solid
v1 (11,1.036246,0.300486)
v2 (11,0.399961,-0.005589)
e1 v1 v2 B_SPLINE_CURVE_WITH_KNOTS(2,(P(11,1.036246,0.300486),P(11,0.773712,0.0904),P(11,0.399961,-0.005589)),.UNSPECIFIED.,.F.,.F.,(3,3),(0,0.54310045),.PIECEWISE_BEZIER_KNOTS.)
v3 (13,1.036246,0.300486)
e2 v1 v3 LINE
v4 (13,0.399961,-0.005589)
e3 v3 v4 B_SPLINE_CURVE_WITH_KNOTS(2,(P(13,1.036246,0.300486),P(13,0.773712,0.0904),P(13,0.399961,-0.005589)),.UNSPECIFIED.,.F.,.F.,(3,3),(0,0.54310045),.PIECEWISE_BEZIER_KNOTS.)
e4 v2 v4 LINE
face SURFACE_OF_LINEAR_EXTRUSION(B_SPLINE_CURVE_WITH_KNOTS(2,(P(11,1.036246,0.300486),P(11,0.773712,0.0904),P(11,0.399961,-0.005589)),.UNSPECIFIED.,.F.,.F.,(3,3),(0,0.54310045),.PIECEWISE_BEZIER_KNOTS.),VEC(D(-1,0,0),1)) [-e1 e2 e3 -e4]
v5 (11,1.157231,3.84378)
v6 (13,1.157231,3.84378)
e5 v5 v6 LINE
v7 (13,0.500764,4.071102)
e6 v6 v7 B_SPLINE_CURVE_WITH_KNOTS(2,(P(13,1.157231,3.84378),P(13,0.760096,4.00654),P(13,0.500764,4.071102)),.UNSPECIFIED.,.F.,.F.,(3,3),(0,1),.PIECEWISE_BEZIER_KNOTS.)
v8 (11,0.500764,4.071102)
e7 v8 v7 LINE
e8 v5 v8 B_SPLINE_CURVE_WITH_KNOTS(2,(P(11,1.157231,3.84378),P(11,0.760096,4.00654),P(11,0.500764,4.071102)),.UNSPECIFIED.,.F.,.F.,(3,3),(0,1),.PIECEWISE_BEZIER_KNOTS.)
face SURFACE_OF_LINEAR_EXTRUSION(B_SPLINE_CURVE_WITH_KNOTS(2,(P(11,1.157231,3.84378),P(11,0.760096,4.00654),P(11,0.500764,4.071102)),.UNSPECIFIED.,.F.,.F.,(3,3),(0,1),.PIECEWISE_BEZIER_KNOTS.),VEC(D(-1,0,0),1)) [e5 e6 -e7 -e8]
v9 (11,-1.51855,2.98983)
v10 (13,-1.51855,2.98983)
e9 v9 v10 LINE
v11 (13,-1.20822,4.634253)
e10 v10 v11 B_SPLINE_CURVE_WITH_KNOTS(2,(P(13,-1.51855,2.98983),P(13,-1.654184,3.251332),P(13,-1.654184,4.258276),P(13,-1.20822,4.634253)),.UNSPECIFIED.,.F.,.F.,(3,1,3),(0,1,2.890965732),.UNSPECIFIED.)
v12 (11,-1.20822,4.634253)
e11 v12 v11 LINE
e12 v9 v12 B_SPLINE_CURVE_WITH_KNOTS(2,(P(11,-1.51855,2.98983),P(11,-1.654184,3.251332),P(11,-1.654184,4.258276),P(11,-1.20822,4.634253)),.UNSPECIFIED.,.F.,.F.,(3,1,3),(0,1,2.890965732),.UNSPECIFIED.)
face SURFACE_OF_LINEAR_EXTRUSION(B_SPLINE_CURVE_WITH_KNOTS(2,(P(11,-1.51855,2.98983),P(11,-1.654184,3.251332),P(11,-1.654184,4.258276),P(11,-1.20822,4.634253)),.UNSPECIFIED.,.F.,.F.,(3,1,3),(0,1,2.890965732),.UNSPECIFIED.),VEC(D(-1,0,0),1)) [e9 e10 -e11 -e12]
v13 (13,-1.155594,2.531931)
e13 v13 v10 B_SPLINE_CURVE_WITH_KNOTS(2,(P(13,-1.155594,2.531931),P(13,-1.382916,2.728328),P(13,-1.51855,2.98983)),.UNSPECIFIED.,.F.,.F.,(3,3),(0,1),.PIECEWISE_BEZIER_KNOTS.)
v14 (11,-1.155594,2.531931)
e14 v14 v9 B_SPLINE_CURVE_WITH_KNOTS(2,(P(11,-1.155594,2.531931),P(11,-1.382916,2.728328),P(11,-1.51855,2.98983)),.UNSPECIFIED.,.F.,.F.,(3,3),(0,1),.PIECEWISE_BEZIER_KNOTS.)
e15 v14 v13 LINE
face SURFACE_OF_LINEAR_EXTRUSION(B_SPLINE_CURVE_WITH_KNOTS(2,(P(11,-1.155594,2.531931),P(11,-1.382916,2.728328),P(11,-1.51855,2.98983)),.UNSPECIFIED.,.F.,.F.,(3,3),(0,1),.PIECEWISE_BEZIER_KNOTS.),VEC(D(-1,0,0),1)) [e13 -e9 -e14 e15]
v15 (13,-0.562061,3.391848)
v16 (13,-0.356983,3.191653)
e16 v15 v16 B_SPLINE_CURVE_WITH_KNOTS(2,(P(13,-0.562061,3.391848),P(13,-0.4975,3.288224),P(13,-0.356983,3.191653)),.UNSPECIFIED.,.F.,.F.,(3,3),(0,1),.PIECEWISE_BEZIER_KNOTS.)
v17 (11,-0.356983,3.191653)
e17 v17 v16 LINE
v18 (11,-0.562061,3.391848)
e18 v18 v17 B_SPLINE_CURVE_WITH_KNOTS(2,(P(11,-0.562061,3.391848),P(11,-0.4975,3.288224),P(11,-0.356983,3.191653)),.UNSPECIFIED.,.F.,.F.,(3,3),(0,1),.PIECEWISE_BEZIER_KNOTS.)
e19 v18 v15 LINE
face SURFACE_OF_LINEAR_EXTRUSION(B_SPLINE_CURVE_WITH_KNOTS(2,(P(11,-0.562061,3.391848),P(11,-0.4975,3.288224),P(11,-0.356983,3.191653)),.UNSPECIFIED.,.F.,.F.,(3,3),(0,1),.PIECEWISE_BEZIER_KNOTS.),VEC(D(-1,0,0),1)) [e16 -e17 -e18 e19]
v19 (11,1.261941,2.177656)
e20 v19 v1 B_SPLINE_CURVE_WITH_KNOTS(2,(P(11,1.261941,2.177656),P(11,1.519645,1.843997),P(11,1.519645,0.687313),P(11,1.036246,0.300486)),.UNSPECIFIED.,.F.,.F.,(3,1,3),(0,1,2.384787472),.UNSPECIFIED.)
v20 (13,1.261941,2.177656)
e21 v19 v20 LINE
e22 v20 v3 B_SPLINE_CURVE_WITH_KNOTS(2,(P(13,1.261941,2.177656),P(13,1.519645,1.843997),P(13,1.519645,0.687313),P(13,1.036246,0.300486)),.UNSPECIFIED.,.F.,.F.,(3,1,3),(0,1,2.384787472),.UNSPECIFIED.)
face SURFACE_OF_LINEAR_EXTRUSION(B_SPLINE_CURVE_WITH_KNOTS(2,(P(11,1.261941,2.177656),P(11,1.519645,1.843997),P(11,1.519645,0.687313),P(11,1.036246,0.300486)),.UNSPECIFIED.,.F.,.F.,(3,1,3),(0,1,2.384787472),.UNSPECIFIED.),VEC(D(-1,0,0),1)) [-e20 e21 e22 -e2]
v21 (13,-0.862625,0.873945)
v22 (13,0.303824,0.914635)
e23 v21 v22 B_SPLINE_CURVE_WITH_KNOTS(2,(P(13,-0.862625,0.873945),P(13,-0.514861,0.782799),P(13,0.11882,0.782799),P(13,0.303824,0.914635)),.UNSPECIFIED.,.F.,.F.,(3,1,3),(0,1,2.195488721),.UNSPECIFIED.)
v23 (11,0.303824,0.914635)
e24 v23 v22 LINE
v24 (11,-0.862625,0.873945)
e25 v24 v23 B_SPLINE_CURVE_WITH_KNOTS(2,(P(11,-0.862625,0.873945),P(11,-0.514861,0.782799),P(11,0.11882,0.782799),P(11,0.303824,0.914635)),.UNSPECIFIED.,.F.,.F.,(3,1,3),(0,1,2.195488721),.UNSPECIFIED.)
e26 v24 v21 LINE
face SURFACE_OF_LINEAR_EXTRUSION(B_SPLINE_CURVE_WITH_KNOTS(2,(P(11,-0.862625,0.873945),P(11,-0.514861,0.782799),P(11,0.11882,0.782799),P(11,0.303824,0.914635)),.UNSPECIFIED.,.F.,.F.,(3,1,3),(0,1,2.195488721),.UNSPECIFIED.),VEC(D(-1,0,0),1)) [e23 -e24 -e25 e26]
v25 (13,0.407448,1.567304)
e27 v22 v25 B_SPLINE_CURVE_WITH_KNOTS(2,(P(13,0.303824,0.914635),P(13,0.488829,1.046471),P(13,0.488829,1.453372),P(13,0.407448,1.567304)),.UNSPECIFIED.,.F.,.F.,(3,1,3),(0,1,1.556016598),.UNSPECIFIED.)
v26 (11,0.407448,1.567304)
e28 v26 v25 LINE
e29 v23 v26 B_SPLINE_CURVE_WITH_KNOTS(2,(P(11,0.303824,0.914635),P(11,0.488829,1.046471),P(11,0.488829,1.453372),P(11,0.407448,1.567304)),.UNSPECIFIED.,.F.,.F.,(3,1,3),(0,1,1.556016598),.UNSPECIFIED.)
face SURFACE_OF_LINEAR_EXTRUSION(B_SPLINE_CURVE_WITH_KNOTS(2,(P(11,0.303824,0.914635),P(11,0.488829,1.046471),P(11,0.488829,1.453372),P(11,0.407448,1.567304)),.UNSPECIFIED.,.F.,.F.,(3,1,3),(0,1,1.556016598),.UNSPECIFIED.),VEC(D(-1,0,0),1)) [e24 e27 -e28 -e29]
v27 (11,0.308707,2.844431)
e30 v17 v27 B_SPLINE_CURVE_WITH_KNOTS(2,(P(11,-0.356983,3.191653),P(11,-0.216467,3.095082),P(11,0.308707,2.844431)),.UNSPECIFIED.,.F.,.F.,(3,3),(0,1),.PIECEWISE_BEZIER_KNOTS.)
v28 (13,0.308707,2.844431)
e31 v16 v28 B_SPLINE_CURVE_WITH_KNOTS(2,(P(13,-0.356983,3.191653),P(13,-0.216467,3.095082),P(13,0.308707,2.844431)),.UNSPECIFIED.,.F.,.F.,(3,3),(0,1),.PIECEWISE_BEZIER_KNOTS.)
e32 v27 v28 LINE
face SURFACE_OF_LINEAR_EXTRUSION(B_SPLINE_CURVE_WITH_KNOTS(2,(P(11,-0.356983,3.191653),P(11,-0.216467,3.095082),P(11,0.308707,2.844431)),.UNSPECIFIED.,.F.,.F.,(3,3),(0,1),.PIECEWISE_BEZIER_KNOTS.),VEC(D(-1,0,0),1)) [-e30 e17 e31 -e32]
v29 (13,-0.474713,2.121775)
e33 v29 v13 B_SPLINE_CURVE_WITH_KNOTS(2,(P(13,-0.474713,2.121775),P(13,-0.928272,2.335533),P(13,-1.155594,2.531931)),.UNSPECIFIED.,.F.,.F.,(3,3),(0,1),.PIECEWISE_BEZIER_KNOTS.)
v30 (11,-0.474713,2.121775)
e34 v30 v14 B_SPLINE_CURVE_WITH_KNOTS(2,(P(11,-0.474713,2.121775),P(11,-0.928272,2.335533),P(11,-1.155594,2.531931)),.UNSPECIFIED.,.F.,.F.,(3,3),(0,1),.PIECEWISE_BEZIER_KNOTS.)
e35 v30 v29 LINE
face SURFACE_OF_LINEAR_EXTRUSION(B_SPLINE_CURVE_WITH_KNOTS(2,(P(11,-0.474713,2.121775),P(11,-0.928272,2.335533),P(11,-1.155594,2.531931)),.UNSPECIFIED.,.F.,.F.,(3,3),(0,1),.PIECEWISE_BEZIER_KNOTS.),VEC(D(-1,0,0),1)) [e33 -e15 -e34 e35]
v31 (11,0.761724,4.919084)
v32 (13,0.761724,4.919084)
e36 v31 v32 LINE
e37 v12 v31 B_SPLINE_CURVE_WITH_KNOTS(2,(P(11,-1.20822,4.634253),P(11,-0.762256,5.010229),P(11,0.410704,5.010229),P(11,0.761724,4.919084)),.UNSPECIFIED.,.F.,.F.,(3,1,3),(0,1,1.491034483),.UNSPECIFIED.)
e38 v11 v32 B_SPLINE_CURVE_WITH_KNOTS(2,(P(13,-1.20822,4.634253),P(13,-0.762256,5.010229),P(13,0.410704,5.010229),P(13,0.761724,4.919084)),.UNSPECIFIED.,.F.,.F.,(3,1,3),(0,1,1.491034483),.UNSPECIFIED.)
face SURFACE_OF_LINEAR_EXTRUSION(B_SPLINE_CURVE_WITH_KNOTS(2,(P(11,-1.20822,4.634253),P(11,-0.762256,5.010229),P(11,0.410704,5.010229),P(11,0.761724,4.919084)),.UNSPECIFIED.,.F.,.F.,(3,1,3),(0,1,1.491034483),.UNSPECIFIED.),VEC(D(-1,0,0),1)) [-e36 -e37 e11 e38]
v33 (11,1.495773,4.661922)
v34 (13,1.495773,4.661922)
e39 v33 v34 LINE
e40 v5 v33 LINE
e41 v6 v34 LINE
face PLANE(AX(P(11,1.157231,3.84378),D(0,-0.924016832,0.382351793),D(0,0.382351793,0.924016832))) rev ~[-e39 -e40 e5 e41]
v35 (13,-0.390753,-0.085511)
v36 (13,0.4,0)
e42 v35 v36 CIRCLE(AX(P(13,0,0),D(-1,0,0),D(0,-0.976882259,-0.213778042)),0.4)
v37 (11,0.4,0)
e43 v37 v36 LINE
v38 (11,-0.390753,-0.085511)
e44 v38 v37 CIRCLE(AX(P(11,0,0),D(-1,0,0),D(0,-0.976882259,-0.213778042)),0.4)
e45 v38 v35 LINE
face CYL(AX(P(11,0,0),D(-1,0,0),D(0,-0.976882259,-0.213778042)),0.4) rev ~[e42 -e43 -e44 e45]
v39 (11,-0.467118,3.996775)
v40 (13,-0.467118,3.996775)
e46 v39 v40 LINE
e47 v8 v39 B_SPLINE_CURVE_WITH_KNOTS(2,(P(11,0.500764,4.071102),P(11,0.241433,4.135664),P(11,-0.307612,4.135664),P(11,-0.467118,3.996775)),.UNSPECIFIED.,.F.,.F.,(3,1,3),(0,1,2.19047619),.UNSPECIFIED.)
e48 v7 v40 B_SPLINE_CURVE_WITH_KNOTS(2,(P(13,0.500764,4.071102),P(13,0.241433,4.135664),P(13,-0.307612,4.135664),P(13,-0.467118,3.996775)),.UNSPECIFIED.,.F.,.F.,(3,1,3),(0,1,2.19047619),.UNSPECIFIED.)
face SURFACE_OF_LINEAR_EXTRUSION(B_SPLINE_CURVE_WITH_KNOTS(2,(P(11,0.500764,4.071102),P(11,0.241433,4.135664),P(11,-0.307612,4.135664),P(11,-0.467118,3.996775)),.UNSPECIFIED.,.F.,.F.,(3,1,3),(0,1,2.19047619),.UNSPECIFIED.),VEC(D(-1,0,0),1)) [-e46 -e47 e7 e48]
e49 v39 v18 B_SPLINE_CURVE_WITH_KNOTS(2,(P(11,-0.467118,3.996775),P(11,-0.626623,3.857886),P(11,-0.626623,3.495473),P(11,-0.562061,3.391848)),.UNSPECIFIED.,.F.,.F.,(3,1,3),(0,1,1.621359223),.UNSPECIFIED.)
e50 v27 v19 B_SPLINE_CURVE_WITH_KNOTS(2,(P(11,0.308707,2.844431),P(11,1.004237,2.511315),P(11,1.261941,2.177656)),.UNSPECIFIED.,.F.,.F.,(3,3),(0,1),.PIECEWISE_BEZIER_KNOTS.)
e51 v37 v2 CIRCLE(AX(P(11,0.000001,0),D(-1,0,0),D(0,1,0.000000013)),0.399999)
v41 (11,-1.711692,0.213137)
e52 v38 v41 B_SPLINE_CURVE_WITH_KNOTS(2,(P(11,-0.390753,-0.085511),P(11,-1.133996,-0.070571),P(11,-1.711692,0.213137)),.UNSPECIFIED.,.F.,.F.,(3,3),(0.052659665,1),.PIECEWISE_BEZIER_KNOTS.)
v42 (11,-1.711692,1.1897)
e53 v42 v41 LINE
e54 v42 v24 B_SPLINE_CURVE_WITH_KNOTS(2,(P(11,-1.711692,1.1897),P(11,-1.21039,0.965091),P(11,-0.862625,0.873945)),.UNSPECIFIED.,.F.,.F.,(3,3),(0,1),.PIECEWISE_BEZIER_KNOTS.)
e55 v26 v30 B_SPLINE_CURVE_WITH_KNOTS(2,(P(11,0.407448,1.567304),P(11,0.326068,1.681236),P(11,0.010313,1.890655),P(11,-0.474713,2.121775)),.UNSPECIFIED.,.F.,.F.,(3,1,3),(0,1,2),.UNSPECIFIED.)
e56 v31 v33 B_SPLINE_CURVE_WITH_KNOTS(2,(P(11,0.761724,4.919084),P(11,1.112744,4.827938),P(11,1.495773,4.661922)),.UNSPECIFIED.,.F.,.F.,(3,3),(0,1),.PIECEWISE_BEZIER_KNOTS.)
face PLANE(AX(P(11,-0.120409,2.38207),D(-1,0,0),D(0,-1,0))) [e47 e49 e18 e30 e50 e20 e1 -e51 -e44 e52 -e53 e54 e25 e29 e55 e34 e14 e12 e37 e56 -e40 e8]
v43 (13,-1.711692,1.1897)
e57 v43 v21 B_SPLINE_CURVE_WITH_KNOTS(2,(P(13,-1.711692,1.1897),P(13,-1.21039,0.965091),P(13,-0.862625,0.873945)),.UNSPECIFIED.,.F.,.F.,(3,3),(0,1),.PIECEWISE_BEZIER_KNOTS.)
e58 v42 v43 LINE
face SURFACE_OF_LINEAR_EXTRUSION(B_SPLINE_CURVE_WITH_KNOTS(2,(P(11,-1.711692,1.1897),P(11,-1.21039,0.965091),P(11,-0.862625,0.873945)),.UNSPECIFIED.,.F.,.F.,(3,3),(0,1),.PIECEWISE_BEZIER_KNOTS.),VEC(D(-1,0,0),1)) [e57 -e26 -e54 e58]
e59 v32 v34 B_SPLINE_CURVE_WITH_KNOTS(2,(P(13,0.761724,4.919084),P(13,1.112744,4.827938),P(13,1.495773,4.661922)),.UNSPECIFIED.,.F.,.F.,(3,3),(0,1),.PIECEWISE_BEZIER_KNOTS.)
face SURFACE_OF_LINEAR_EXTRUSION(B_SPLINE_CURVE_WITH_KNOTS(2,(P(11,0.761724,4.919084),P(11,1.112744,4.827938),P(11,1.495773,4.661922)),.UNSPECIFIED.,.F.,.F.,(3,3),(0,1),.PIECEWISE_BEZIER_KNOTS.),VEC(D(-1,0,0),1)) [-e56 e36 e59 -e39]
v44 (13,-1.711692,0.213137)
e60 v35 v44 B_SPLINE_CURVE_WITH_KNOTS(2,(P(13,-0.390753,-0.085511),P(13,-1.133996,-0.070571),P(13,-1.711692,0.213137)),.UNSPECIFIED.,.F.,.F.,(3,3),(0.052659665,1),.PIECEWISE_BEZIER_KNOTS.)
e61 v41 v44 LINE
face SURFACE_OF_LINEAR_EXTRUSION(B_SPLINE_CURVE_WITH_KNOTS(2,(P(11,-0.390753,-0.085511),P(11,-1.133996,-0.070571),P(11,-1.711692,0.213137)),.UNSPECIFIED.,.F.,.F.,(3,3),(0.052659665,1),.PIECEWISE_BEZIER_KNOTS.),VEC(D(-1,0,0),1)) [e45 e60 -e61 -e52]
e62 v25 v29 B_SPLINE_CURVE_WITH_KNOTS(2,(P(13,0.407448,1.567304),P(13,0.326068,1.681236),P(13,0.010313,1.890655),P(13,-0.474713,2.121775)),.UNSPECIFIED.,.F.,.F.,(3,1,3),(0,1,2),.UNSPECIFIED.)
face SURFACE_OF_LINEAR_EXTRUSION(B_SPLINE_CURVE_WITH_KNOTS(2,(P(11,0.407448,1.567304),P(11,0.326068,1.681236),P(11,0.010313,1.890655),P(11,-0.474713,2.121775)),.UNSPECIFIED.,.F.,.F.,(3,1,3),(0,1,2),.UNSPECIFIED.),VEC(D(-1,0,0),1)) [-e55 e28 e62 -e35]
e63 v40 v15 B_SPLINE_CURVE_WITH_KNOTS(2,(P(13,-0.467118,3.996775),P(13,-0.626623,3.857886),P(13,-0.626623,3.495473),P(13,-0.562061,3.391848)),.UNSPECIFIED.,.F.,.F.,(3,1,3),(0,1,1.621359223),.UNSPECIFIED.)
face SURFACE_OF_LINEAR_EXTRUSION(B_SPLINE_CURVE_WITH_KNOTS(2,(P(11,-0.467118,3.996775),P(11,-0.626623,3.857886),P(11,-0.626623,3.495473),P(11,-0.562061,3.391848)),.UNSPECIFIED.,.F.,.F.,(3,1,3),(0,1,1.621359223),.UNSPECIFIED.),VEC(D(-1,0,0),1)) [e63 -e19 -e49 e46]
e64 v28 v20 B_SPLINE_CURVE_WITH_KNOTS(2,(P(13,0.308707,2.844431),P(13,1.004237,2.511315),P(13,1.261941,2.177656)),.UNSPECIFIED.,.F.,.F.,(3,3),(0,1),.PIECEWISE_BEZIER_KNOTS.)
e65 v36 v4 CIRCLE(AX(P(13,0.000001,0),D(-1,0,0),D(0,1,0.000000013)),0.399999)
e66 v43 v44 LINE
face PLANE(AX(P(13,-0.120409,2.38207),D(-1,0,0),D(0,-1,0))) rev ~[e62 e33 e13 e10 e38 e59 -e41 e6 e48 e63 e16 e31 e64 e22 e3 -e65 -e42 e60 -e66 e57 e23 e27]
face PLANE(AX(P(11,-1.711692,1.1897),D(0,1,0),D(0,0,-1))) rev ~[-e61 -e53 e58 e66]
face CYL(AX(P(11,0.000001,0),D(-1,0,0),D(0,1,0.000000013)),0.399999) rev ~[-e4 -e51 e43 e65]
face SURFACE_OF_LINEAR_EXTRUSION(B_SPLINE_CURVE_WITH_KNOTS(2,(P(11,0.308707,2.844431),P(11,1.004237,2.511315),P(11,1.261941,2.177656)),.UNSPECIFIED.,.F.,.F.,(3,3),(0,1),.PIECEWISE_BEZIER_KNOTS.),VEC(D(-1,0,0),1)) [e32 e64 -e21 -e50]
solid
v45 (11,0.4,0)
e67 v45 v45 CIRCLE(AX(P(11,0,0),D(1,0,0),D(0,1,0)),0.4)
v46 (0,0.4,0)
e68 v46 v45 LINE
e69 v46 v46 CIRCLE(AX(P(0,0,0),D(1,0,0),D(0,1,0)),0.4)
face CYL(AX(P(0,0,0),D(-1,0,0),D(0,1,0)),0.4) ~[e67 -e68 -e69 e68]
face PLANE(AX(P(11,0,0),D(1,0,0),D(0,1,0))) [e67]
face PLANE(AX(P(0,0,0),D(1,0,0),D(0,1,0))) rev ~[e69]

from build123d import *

# Parameters (mm, degrees)
F0_R     = 0.4
F1_DEPTH = 11
F3_DEPTH = 2


with BuildPart() as f1:
    # F0 (on Right) → F1 (new body)
    with BuildSketch(Plane.YZ):
        Circle(F0_R)
    extrude(amount=F1_DEPTH)


with BuildPart() as f3:
    # F2 (on face) → F3 (new body)
    with BuildSketch(Plane.YZ.offset(11)):
        with BuildLine():
            add(Edge.make_bspline(
                [(1.5196445934, 1.3589708153), (1.5196445934, 0.6873128292), (1.0362461559, 0.3004855722)],
                knots=[0, 0, 0, 1, 1, 1], degree=2))
            add(Edge.make_bspline(
                [(1.2619406003, 2.1776557111), (1.5196445934, 1.843996857), (1.5196445934, 1.3589708153)],
                knots=[0, 0, 0, 1, 1, 1], degree=2))
            add(Edge.make_bspline(
                [(0.3087070934, 2.8444308847), (1.0042366073, 2.5113145653), (1.2619406003, 2.1776557111)],
                knots=[0, 0, 0, 1, 1, 1], degree=2))
            add(Edge.make_bspline(
                [(-0.3569830108, 3.191653107), (-0.2164665177, 3.0950819264), (0.3087070934, 2.8444308847)],
                knots=[0, 0, 0, 1, 1, 1], degree=2))
            add(Edge.make_bspline(
                [(-0.5620611358, 3.3918484195), (-0.4974995039, 3.2882242875), (-0.3569830108, 3.191653107)],
                knots=[0, 0, 0, 1, 1, 1], degree=2))
            add(Edge.make_bspline(
                [(-0.6266227677, 3.6343614403), (-0.6266227677, 3.4954725514), (-0.5620611358, 3.3918484195)],
                knots=[0, 0, 0, 1, 1, 1], degree=2))
            add(Edge.make_bspline(
                [(-0.4671175594, 3.9967746347), (-0.6266227677, 3.8578857459), (-0.6266227677, 3.6343614403)],
                knots=[0, 0, 0, 1, 1, 1], degree=2))
            add(Edge.make_bspline(
                [(-0.0092182539, 4.1356635236), (-0.3076123511, 4.1356635236), (-0.4671175594, 3.9967746347)],
                knots=[0, 0, 0, 1, 1, 1], degree=2))
            add(Edge.make_bspline(
                [(0.500764385, 4.0711018917), (0.2414327878, 4.1356635236), (-0.0092182539, 4.1356635236)],
                knots=[0, 0, 0, 1, 1, 1], degree=2))
            add(Edge.make_bspline(
                [(1.1572313989, 3.8437798431), (0.7600959823, 4.0065402597), (0.500764385, 4.0711018917)],
                knots=[0, 0, 0, 1, 1, 1], degree=2))
            Line((1.1572313989, 3.8437798431), (1.4957730656, 4.6619222042))
            add(Edge.make_bspline(
                [(0.7617235864, 4.9190836625), (1.1127435517, 4.8279378292), (1.4957730656, 4.6619222042)],
                knots=[0, 0, 0, 1, 1, 1], degree=2))
            add(Edge.make_bspline(
                [(0.0244188989, 5.0102294959), (0.4107036211, 5.0102294959), (0.7617235864, 4.9190836625)],
                knots=[0, 0, 0, 1, 1, 1], degree=2))
            add(Edge.make_bspline(
                [(-1.20821999, 4.6342529334), (-0.7622564483, 5.0102294959), (0.0244188989, 5.0102294959)],
                knots=[0, 0, 0, 1, 1, 1], degree=2))
            add(Edge.make_bspline(
                [(-1.6541835316, 3.5996392181), (-1.6541835316, 4.2582763709), (-1.20821999, 4.6342529334)],
                knots=[0, 0, 0, 1, 1, 1], degree=2))
            add(Edge.make_bspline(
                [(-1.5185498511, 2.9898301903), (-1.6541835316, 3.2513319264), (-1.6541835316, 3.5996392181)],
                knots=[0, 0, 0, 1, 1, 1], degree=2))
            add(Edge.make_bspline(
                [(-1.1555941219, 2.5319308847), (-1.3829161705, 2.7283284542), (-1.5185498511, 2.9898301903)],
                knots=[0, 0, 0, 1, 1, 1], degree=2))
            add(Edge.make_bspline(
                [(-0.4747130455, 2.1217746347), (-0.9282720733, 2.3355333153), (-1.1555941219, 2.5319308847)],
                knots=[0, 0, 0, 1, 1, 1], degree=2))
            add(Edge.make_bspline(
                [(0.1681906003, 1.7859456417), (0.0103129961, 1.8906548431), (-0.4747130455, 2.1217746347)],
                knots=[0, 0, 0, 1, 1, 1], degree=2))
            add(Edge.make_bspline(
                [(0.4074484128, 1.5673041486), (0.3260682045, 1.6812364403), (0.1681906003, 1.7859456417)],
                knots=[0, 0, 0, 1, 1, 1], degree=2))
            add(Edge.make_bspline(
                [(0.4888286211, 1.3079725514), (0.4888286211, 1.453371857), (0.4074484128, 1.5673041486)],
                knots=[0, 0, 0, 1, 1, 1], degree=2))
            add(Edge.make_bspline(
                [(0.3038242809, 0.9146348778), (0.4888286211, 1.0464708153), (0.4888286211, 1.3079725514)],
                knots=[0, 0, 0, 1, 1, 1], degree=2))
            add(Edge.make_bspline(
                [(-0.2262321427, 0.7827989403), (0.1188199406, 0.7827989403), (0.3038242809, 0.9146348778)],
                knots=[0, 0, 0, 1, 1, 1], degree=2))
            add(Edge.make_bspline(
                [(-0.8626253719, 0.8739447736), (-0.514860615, 0.7827989403), (-0.2262321427, 0.7827989403)],
                knots=[0, 0, 0, 1, 1, 1], degree=2))
            add(Edge.make_bspline(
                [(-1.7116922122, 1.189699982), (-1.2103901289, 0.965090607), (-0.8626253719, 0.8739447736)],
                knots=[0, 0, 0, 1, 1, 1], degree=2))
            Line((-1.7116922122, 1.189699982), (-1.7116922122, 0.213137482))
            add(Edge.make_bspline(
                [(-0.3907529037, -0.0855112169), (-1.1339955238, -0.070571212), (-1.7116922122, 0.213137482)],
                knots=[0.0526596654, 0.0526596654, 0.0526596654, 1, 1, 1], degree=2))
            ThreePointArc((-0.3907529037, -0.0855112169), (-0.0430048747, 0.3976815067), (0.4, 0))
            ThreePointArc((0.4, 0), (0.3999902389, -0.0027944232), (0.399960956, -0.0055887101))
            add(Edge.make_bspline(
                [(1.0362461559, 0.3004855722), (0.773712247, 0.090399515), (0.399960956, -0.0055887101)],
                knots=[0, 0, 0, 0.5431004499, 0.5431004499, 0.5431004499], degree=2))
        make_face()
    extrude(amount=F3_DEPTH)


solid = Compound([f1.part, f3.part])
